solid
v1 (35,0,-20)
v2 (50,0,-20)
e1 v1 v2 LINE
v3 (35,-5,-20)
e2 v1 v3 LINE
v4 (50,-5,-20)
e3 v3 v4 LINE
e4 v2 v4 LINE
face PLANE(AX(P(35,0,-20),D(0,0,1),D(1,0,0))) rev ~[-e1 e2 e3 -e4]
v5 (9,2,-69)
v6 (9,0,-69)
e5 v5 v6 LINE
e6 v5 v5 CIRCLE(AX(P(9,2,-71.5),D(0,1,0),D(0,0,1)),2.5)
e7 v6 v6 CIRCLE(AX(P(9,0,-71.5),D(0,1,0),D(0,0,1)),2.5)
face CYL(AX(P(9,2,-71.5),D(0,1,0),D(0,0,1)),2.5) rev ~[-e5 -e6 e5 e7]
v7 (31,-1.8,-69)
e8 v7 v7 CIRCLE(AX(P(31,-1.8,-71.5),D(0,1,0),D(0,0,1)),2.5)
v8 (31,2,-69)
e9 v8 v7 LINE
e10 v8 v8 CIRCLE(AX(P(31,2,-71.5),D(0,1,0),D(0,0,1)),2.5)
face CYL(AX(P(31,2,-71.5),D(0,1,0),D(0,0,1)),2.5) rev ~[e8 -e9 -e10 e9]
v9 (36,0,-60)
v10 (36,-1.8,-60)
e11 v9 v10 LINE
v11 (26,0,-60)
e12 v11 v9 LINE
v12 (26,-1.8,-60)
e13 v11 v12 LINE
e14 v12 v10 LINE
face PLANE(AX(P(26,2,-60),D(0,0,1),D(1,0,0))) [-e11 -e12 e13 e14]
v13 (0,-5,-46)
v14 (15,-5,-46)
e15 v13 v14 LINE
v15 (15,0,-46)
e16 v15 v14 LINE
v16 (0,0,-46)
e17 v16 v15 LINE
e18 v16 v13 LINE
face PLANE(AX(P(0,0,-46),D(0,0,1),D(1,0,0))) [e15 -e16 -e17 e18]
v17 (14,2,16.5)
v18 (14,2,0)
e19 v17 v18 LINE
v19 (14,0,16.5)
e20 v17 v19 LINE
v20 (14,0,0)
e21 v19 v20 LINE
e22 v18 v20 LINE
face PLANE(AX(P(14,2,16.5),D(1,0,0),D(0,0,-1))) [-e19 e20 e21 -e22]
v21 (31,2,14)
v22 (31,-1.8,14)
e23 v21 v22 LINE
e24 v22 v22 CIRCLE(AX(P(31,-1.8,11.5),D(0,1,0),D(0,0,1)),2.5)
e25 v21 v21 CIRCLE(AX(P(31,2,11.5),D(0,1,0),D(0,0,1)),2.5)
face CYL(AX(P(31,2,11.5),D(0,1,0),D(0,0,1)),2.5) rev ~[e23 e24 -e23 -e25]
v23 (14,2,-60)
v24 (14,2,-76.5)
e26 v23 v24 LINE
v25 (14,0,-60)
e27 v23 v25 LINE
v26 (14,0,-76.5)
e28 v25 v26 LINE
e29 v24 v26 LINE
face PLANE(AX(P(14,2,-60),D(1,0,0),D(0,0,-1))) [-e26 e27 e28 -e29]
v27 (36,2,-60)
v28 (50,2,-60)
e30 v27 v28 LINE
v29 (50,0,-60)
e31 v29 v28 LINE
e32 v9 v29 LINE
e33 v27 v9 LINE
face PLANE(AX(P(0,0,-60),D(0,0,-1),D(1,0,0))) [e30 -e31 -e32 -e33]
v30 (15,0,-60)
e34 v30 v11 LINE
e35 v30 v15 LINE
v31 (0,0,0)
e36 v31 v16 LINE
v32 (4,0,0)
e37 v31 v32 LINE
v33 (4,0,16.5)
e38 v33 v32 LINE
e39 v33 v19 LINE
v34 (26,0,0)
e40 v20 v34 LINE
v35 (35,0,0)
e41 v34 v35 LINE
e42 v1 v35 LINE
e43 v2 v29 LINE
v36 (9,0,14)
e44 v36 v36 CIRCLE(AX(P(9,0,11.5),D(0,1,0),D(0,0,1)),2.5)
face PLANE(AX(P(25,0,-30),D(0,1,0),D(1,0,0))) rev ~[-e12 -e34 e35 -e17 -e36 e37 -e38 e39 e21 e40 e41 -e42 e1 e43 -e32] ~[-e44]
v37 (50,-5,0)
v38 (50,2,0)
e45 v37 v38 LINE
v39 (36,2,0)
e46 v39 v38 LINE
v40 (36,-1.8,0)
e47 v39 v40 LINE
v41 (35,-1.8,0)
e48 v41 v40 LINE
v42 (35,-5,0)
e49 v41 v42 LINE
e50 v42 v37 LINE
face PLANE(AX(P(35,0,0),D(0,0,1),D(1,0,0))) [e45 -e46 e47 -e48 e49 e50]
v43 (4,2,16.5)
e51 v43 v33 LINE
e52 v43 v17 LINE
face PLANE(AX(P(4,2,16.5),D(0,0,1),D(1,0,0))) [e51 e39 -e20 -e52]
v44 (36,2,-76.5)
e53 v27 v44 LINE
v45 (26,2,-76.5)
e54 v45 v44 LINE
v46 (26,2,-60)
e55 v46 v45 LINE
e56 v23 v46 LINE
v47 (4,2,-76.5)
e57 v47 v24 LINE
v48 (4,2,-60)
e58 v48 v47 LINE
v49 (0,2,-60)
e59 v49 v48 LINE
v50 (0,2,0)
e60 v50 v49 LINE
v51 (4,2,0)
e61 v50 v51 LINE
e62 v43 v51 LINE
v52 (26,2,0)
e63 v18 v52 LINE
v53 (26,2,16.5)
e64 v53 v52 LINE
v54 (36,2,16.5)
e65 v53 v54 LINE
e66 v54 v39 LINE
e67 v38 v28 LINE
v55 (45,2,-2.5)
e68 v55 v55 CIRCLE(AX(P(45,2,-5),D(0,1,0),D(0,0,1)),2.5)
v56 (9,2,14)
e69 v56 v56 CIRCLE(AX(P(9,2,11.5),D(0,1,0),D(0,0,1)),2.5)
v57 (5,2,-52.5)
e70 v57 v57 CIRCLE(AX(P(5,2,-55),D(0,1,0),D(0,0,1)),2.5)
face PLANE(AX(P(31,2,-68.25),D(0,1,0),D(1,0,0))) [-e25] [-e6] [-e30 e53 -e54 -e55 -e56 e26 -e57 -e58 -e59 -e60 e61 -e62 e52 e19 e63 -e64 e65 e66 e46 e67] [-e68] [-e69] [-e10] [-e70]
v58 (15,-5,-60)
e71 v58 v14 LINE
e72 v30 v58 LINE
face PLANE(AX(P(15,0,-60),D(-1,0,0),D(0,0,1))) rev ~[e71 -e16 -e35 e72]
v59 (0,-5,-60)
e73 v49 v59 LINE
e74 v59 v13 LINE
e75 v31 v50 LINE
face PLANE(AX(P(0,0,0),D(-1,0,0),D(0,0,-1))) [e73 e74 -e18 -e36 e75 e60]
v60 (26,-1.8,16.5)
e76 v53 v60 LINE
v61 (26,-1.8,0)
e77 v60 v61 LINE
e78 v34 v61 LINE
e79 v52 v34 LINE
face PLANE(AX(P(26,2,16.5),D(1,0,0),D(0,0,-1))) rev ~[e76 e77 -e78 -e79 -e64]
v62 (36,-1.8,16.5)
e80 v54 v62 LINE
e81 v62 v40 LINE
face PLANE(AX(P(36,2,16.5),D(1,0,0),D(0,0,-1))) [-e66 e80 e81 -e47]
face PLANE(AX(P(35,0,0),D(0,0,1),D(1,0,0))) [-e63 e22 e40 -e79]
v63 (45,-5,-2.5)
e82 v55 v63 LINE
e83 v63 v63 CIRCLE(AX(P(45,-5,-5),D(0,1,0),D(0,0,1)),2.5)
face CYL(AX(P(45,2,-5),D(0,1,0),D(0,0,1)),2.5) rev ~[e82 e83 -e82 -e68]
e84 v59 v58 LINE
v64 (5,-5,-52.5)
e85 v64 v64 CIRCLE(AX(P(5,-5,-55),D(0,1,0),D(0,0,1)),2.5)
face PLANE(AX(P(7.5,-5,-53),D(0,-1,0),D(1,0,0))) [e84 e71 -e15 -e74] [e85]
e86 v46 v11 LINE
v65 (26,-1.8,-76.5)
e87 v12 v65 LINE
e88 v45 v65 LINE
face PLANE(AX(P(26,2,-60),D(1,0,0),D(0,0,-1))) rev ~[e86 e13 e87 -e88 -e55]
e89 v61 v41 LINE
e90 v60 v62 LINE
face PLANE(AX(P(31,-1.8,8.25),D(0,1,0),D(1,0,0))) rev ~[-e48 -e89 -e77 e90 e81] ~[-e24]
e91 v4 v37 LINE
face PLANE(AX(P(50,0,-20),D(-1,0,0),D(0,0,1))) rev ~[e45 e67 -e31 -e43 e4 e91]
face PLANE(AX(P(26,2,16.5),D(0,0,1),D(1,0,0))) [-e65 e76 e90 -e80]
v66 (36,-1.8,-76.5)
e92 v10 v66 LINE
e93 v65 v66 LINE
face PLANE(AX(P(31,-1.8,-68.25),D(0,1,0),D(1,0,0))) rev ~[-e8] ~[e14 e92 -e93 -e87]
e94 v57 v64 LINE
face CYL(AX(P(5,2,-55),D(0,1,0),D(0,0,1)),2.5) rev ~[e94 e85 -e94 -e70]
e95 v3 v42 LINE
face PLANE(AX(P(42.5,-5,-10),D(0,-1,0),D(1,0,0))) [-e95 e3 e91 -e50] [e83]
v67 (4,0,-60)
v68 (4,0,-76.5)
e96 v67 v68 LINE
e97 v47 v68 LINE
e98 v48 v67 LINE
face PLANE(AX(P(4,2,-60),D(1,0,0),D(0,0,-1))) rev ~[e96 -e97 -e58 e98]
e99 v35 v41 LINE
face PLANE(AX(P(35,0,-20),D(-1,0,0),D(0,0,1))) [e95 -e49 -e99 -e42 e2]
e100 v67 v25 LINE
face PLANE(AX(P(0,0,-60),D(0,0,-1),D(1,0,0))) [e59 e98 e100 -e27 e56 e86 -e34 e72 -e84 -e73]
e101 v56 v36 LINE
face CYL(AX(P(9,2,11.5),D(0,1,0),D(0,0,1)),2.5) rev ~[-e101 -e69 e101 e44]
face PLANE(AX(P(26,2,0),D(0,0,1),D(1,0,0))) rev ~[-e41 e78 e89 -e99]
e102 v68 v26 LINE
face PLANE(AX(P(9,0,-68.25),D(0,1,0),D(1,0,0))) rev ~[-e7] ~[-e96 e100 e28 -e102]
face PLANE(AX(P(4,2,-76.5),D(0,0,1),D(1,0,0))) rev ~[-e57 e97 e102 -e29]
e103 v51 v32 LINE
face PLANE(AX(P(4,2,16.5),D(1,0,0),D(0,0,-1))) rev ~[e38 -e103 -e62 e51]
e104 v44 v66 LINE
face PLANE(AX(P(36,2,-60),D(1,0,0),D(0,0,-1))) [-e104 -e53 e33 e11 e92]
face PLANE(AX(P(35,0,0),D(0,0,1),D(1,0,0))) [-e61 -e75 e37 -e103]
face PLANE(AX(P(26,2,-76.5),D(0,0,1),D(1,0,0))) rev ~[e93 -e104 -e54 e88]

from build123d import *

# Parameters (mm, degrees)
SKETCH1_W           = 50
SKETCH1_H           = 60
BOSS_EXTRUDE1_DEPTH = 2
SKETCH2_W           = 15
SKETCH2_H           = 20
SKETCH2_H_2         = 14
BOSS_EXTRUDE2_DEPTH = 5
SKETCH3_R           = 2.5
CUT_EXTRUDE1_DEPTH  = 7
SKETCH4_W           = 10
SKETCH4_H           = 16.5
SKETCH4_R           = 2.5
BOSS_EXTRUDE3_DEPTH = 2
SKETCH5_W           = 10
SKETCH5_H           = 16.5
SKETCH5_R           = 2.5
BOSS_EXTRUDE5_DEPTH = 3.8


with BuildPart() as part:
    # Sketch1 → Boss-Extrude1 (new body)
    with BuildSketch(Plane(origin=(0, 0, 0), x_dir=(1, 0, 0), z_dir=(0, 1, 0))):
        with Locations((25, 30)):
            Rectangle(SKETCH1_W, SKETCH1_H)
    extrude(amount=BOSS_EXTRUDE1_DEPTH)

    # Sketch2 → Boss-Extrude2 (add)
    with BuildSketch(Plane.XZ):
        with Locations((42.5, -10)):
            Rectangle(SKETCH2_W, SKETCH2_H)
        with Locations((7.5, -53)):
            Rectangle(SKETCH2_W, SKETCH2_H_2)
    extrude(amount=BOSS_EXTRUDE2_DEPTH)

    # Sketch3 → Cut-Extrude1 (cut)
    with BuildSketch(Plane(origin=(0, 2, 0), x_dir=(1, 0, 0), z_dir=(0, 1, 0))):
        with Locations(Location((45, 5, 0), (0, 0, 270))):
            Circle(SKETCH3_R)
        with Locations(Location((5, 55, 0), (0, 0, 270))):
            Circle(SKETCH3_R)
    extrude(amount=-CUT_EXTRUDE1_DEPTH, mode=Mode.SUBTRACT)

    # Sketch4 → Boss-Extrude3 (add)
    # profile 1 of 2: a face of its own
    with BuildSketch(Plane(origin=(0, 2, 0), x_dir=(1, 0, 0), z_dir=(0, 1, 0))):
        with Locations((9, 68.25)):
            Rectangle(SKETCH4_W, SKETCH4_H)
        with Locations(Location((9, 71.5, 0), (0, 0, 270))):
            Circle(SKETCH4_R, mode=Mode.SUBTRACT)
    # profile 2 of 2: a face of its own
    with BuildSketch(Plane(origin=(0, 2, 0), x_dir=(1, 0, 0), z_dir=(0, 1, 0))):
        with Locations((9, -8.25)):
            Rectangle(SKETCH4_W, SKETCH4_H)
        with Locations(Location((9, -11.5, 0), (0, 0, 270))):
            Circle(SKETCH4_R, mode=Mode.SUBTRACT)
    extrude(amount=-BOSS_EXTRUDE3_DEPTH)

    # Sketch5 → Boss-Extrude5 (add)
    # profile 1 of 2: a face of its own
    with BuildSketch(Plane(origin=(0, 2, 0), x_dir=(1, 0, 0), z_dir=(0, 1, 0))):
        with Locations((31, 68.25)):
            Rectangle(SKETCH5_W, SKETCH5_H)
        with Locations(Location((31, 71.5, 0), (0, 0, 270))):
            Circle(SKETCH5_R, mode=Mode.SUBTRACT)
    # profile 2 of 2: a face of its own
    with BuildSketch(Plane(origin=(0, 2, 0), x_dir=(1, 0, 0), z_dir=(0, 1, 0))):
        with Locations((31, -8.25)):
            Rectangle(SKETCH5_W, SKETCH5_H)
        with Locations(Location((31, -11.5, 0), (0, 0, 270))):
            Circle(SKETCH5_R, mode=Mode.SUBTRACT)
    extrude(amount=-BOSS_EXTRUDE5_DEPTH)


solid = part.part
